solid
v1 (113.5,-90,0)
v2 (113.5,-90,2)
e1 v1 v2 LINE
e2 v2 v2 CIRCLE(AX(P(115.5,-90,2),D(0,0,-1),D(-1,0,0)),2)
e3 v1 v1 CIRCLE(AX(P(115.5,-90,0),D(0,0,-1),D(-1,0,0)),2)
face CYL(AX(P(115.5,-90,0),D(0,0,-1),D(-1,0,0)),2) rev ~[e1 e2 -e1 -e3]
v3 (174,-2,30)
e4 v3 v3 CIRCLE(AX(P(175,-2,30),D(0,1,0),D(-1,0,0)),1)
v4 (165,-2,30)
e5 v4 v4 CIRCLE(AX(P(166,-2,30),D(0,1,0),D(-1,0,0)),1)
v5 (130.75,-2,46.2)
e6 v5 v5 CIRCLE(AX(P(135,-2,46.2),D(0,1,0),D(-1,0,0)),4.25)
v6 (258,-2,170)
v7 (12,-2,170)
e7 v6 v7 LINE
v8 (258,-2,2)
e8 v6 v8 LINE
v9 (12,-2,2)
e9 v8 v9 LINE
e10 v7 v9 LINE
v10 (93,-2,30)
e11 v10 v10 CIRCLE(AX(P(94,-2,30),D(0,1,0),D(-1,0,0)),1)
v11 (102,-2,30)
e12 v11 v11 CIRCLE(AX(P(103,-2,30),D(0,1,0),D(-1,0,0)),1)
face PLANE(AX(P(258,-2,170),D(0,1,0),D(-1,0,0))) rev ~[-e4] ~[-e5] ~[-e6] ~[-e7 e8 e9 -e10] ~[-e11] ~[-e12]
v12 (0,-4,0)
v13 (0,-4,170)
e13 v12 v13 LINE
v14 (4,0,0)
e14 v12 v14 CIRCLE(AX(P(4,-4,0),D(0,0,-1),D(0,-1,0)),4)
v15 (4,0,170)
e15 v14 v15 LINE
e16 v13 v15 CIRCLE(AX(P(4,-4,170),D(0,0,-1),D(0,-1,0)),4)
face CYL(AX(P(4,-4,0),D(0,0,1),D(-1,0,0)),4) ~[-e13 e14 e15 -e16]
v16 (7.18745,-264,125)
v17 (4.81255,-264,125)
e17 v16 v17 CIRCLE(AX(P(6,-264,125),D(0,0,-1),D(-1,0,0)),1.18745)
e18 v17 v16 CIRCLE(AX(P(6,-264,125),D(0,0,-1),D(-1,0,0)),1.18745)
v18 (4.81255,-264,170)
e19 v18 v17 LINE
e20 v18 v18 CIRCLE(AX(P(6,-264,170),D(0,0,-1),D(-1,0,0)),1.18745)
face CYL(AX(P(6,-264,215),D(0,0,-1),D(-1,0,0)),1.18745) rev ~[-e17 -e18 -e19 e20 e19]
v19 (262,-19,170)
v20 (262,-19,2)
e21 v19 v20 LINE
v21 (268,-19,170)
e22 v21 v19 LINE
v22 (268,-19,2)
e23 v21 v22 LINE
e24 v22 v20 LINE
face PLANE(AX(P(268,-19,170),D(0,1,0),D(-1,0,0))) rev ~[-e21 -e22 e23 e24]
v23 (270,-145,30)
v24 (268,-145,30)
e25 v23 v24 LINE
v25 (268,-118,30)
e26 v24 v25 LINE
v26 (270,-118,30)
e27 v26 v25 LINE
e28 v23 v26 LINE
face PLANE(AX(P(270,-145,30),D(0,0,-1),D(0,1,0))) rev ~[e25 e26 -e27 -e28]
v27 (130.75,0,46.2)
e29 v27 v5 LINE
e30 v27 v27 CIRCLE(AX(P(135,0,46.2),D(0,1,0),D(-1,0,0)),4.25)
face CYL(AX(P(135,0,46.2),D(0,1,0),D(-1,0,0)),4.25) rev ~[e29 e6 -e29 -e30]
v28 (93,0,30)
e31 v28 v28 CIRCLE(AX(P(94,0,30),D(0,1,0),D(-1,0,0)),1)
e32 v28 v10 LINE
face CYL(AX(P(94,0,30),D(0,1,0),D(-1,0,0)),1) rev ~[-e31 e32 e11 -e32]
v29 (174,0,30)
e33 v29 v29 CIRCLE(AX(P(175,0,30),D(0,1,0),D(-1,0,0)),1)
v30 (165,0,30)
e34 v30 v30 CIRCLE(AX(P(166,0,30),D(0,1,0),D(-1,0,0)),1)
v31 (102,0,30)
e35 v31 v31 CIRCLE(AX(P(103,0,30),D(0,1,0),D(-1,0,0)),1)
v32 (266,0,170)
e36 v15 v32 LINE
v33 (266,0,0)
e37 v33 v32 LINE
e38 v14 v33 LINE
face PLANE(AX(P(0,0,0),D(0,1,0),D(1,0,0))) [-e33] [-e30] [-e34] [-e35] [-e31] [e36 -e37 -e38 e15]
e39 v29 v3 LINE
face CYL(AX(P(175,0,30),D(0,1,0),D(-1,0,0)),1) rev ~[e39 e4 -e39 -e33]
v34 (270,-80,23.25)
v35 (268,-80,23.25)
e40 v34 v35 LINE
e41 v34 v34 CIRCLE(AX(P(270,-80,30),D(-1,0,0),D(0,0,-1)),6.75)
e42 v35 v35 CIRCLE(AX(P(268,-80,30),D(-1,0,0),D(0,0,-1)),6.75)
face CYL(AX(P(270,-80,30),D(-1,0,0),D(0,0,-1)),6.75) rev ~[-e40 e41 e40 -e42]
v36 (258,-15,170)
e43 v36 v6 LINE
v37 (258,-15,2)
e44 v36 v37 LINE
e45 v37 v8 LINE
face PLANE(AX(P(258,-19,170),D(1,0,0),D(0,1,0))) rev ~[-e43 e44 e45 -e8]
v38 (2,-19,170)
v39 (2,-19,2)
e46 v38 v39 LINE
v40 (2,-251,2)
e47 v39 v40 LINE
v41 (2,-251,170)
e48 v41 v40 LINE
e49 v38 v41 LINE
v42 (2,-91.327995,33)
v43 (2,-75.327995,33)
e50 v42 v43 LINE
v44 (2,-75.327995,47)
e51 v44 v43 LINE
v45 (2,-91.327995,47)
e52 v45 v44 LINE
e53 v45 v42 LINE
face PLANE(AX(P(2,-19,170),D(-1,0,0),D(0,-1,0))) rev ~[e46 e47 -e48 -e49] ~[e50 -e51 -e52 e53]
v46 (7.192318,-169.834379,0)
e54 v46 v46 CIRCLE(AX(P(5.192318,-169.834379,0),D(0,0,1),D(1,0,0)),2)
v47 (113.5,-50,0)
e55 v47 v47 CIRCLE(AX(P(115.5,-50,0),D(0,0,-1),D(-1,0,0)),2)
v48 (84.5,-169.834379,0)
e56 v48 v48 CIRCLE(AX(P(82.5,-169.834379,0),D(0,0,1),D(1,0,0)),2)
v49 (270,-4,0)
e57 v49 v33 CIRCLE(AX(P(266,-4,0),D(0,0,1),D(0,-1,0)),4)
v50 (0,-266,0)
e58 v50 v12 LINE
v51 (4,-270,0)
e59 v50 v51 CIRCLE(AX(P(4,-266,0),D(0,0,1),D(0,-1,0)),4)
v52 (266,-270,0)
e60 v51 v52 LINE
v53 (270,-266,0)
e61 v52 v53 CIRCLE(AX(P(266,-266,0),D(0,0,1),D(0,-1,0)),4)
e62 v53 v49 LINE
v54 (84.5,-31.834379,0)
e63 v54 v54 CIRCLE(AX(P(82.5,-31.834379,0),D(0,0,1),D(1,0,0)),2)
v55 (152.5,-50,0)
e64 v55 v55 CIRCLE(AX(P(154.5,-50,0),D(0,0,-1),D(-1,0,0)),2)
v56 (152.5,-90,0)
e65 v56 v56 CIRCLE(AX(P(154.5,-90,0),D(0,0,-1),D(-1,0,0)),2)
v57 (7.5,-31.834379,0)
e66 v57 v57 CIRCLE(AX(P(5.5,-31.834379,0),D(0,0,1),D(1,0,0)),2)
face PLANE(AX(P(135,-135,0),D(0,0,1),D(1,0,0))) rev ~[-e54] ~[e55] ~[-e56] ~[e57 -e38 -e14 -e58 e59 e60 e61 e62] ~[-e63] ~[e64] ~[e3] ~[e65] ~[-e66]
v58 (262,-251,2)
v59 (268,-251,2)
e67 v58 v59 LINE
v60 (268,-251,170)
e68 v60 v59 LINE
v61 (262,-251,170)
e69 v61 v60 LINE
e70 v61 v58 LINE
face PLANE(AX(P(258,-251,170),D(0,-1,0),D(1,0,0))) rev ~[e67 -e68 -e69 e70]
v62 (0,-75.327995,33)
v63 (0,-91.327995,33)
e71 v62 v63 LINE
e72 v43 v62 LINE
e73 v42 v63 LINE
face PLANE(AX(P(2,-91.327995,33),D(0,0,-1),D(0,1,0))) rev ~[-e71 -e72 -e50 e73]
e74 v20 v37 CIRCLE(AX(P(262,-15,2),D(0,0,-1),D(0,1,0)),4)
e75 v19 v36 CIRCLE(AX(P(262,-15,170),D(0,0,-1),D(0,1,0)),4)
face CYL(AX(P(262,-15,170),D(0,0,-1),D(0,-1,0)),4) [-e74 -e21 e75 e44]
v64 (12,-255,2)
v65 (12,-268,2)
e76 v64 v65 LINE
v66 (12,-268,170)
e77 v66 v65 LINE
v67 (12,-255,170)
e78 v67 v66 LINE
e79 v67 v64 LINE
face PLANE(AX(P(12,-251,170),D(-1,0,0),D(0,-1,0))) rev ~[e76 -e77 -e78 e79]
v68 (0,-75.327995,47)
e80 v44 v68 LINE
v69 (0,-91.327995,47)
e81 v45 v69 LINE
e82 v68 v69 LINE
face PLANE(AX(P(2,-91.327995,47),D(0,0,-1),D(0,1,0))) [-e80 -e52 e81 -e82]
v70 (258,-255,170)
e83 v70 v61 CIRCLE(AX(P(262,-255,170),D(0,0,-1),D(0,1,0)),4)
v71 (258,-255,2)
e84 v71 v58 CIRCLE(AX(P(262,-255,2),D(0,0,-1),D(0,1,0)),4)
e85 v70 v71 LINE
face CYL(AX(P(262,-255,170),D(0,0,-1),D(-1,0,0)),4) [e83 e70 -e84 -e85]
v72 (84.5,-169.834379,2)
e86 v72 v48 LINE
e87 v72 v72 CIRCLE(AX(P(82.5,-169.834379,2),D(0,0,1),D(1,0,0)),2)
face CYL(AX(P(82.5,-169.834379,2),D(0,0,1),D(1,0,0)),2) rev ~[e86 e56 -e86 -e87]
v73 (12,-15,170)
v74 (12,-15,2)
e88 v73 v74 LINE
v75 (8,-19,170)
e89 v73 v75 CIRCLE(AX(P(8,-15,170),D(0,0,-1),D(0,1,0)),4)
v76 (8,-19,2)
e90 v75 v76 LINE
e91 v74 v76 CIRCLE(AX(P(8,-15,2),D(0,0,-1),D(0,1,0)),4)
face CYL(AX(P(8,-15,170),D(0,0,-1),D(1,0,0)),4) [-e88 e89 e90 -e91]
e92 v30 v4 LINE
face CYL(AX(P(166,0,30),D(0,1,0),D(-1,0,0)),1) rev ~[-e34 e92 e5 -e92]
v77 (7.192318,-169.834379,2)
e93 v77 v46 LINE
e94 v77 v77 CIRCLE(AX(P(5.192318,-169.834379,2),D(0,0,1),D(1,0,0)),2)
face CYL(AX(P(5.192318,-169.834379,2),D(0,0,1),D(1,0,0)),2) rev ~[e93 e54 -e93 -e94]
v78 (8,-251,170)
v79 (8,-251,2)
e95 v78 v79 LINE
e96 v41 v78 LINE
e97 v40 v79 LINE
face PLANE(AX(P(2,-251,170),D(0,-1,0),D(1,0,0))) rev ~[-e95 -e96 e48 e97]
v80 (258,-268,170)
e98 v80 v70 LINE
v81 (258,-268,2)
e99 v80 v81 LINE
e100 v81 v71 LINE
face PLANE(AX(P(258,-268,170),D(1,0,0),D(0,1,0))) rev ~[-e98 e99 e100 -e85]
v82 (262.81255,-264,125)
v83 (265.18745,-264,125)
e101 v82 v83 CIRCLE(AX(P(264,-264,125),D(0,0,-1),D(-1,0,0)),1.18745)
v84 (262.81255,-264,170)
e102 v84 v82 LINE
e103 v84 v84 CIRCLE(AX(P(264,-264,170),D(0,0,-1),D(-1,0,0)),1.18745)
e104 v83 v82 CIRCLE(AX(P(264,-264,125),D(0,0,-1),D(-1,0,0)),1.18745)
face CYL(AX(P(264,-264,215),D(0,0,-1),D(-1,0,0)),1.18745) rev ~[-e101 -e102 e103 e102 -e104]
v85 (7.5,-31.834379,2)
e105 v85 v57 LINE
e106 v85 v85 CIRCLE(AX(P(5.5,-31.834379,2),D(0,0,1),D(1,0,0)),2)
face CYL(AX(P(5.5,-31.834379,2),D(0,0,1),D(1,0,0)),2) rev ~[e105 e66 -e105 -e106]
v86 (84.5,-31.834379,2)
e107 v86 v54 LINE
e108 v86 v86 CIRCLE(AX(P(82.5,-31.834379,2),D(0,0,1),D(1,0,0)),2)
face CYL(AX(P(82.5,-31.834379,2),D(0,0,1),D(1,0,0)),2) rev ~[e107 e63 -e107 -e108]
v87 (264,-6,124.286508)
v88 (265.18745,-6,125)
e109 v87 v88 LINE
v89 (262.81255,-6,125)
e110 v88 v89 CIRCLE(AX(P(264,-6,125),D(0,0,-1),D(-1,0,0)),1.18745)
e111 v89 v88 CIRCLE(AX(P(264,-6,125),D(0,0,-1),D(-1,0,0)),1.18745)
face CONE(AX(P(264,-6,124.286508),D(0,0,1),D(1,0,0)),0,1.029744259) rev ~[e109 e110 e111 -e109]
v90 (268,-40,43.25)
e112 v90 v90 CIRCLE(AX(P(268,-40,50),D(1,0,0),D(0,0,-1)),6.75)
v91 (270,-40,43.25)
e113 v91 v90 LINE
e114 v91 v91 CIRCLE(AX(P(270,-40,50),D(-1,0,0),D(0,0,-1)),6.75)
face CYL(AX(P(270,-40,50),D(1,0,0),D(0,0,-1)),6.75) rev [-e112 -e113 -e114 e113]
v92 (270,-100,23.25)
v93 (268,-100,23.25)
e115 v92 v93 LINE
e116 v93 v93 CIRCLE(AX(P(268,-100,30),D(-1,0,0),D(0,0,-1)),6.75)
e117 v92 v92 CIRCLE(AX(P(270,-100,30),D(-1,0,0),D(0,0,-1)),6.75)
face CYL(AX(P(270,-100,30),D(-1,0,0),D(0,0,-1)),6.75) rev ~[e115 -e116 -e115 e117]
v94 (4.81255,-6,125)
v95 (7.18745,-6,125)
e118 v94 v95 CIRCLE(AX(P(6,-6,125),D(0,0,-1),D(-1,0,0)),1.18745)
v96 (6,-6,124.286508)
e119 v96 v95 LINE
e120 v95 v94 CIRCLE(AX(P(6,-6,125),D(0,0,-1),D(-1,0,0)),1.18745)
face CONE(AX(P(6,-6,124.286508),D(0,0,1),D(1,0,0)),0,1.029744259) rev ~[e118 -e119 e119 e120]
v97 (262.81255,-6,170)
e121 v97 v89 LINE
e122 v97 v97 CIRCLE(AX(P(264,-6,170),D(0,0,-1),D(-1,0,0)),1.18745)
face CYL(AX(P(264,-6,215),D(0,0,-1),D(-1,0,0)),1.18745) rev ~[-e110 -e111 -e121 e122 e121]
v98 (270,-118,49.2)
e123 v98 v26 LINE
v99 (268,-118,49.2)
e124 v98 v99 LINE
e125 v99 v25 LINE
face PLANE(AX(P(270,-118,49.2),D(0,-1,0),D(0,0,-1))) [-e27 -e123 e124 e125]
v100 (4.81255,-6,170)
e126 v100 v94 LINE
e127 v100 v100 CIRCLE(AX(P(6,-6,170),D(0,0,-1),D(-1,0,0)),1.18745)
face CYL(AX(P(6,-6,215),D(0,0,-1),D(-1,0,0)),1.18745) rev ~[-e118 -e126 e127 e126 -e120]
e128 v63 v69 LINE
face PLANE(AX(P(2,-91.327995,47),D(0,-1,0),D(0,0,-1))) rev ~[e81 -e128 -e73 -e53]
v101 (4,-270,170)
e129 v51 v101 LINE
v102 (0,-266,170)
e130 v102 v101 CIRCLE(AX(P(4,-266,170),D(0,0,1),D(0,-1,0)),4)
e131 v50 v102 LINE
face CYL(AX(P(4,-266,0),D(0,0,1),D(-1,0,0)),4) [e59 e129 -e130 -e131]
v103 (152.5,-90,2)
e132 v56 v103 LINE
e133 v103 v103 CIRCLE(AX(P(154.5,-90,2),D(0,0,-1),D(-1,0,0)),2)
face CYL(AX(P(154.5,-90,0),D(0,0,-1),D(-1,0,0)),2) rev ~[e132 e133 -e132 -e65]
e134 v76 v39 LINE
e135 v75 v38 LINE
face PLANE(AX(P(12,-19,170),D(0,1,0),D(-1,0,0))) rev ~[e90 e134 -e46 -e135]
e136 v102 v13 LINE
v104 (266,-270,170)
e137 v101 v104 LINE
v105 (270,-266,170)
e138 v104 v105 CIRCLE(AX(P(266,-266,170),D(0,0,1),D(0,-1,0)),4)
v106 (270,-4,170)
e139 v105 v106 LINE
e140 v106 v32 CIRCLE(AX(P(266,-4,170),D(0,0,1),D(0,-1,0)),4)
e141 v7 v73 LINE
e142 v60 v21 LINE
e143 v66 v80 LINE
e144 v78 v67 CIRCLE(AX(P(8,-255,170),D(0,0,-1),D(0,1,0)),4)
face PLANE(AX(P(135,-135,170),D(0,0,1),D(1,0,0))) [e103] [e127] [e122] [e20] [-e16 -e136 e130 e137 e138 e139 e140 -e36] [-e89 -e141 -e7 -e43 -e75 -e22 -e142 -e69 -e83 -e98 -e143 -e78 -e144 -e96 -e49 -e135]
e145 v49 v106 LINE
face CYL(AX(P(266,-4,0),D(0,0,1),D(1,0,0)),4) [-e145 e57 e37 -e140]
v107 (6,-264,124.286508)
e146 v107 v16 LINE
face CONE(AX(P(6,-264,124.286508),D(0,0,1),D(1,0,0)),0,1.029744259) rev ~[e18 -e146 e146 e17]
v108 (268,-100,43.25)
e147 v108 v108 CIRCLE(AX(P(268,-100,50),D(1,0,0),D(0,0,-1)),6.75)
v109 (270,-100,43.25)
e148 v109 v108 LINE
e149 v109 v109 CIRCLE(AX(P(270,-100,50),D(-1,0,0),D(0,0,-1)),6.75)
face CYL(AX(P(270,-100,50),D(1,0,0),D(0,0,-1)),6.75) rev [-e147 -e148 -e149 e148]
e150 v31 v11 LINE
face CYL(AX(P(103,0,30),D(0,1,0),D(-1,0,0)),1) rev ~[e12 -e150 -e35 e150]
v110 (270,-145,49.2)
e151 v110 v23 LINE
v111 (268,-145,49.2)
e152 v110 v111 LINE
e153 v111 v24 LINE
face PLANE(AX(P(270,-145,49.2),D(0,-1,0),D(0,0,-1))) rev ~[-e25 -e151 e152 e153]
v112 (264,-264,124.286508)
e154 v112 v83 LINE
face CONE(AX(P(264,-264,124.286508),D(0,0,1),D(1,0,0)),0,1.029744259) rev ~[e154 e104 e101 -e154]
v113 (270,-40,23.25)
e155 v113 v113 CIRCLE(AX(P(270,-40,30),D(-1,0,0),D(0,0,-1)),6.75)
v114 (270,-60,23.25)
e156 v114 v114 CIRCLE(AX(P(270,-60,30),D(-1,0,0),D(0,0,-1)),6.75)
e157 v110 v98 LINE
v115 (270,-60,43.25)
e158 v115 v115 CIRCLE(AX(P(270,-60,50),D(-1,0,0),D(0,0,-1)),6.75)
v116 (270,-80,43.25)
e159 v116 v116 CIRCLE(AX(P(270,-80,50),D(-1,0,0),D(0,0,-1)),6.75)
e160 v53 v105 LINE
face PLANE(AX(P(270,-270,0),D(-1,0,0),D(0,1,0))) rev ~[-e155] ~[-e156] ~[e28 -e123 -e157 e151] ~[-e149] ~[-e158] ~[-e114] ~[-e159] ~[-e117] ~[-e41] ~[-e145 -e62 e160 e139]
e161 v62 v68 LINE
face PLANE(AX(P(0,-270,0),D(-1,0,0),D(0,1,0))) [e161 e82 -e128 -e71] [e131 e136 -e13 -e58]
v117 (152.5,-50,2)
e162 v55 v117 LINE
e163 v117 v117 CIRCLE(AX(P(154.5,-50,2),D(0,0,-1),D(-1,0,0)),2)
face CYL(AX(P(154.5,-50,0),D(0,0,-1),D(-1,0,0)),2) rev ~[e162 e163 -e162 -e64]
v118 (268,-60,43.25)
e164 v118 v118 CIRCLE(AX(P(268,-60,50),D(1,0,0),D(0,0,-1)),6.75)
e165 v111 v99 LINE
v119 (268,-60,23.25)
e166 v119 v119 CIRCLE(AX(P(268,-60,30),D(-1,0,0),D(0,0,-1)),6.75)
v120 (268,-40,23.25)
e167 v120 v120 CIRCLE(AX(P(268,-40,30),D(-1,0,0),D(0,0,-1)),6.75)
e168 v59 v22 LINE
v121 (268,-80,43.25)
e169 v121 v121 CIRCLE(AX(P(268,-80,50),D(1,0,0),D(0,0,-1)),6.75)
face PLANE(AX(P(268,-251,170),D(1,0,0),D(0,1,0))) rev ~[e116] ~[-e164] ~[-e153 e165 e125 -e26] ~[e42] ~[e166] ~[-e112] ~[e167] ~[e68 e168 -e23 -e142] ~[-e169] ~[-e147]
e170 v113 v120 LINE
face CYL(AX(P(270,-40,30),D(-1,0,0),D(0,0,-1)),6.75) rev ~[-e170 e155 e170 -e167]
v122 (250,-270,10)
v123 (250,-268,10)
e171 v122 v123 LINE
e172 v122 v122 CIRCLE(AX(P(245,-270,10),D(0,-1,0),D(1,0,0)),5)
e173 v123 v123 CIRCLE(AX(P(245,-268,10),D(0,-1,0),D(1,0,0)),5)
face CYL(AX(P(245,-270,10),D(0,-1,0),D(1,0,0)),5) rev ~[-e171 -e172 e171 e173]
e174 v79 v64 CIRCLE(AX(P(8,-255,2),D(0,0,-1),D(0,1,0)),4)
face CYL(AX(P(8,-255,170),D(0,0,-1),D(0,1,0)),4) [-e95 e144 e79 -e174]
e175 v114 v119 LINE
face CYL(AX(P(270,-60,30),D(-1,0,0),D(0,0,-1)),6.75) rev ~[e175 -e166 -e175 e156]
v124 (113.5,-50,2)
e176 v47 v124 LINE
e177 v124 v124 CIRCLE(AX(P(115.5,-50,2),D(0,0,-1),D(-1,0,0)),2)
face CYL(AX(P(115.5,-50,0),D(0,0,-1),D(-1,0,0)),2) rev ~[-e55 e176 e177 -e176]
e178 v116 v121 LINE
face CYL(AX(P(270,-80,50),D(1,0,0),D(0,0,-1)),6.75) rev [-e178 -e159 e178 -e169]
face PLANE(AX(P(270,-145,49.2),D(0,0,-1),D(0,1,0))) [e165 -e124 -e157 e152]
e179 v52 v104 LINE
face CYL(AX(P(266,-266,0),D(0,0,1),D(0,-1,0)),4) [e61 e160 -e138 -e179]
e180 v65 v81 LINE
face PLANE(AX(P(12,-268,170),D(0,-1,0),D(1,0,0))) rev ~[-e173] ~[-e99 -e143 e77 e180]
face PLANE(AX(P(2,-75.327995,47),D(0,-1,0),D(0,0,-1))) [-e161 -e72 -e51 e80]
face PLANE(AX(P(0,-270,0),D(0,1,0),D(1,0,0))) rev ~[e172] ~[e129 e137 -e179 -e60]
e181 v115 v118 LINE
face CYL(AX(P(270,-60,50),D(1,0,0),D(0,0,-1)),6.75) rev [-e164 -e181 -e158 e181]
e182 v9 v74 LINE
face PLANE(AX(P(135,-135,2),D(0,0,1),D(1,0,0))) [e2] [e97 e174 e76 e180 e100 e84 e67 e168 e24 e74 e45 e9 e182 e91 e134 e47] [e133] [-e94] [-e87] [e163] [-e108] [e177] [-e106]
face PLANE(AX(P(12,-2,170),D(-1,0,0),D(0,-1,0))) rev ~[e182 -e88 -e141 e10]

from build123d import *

# Parameters (mm, degrees)
ESQUISSE1_W                = 270
ESQUISSE1_H                = 270
EXTRUSION1_DEPTH           = 170
CONG_2_R                   = 4
EXTRUSION2_DEPTH           = 168
CONG_3_R                   = 4
TROU_TARAUD_4_481_D        = 2.3749
TROU_TARAUD_4_481_DEPTH    = 45
TROU_TARAUD_4_481_TIP      = 0.713491942
ESQUISSE5_W                = 14
ESQUISSE5_H                = 16
ENL_V_MAT_EXTRU_1_DEPTH    = 3
ESQUISSE6_R                = 6.75
ENL_V_MAT_EXTRU_6_DEPTH    = 10
R_P_TITION_LIN_AIRE3_COUNT = 4
R_P_TITION_LIN_AIRE3_PITCH = 20
ESQUISSE7_R                = 4.25
ENL_V_MAT_EXTRU_7_DEPTH    = 3
ESQUISSE8_R                = 2
ENL_V_MAT_EXTRU_8_DEPTH    = 171
ESQUISSE9_R                = 1
ENL_V_MAT_EXTRU_9_DEPTH    = 10
ESQUISSE10_W               = 19.2
ESQUISSE10_H               = 27
ENL_V_MAT_EXTRU_10_DEPTH   = 10
ESQUISSE11_R               = 5
ENL_V_MAT_EXTRU_11_DEPTH   = 10
ESQUISSE12_R               = 2
ENL_V_MAT_EXTRU_12_DEPTH   = 10


with BuildPart() as part:
    # Esquisse1 → Extrusion1 (new body)
    with BuildSketch(Plane.XY):
        with Locations((135, -135)):
            Rectangle(ESQUISSE1_W, ESQUISSE1_H)
    extrude(amount=EXTRUSION1_DEPTH)

    # Congé2
    cong_2_edges = [part.edges().sort_by_distance(p)[0] for p in [
        (0, 0, 85),
        (270, 0, 85),
        (270, -270, 85),
        (0, -270, 85),
    ]]
    fillet(cong_2_edges, radius=CONG_2_R)

    # Esquisse2 → Extrusion2 (cut)
    with BuildSketch(Plane.XY.offset(170)):
        Polygon((12, -2), (12, -19), (2, -19), (2, -251), (12, -251), (12, -268), (258, -268), (258, -251), (268, -251), (268, -19), (258, -19), (258, -2), align=None)
    extrude(amount=-EXTRUSION2_DEPTH, mode=Mode.SUBTRACT)

    # Congé3
    cong_3_edges = [part.edges().sort_by_distance(p)[0] for p in [
        (258, -19, 86),
        (258, -251, 86),
        (12, -251, 86),
        (12, -19, 86),
    ]]
    fillet(cong_3_edges, radius=CONG_3_R)

    # Trou taraudé #4-481
    with Locations(Plane(origin=(6, -6, 170), x_dir=(1, 0, 0), z_dir=(0, 0, 1))):
        with Locations((0, 0), (258, 0), (258, -258), (0, -258)):
            Hole(TROU_TARAUD_4_481_D / 2, depth=TROU_TARAUD_4_481_DEPTH)
            with Locations((0, 0, -(TROU_TARAUD_4_481_DEPTH + TROU_TARAUD_4_481_TIP / 2))):  # 118° drill point
                Cone(0, TROU_TARAUD_4_481_D / 2, TROU_TARAUD_4_481_TIP, mode=Mode.SUBTRACT)

    # Esquisse5 → Enlèv. mat.-Extru.1 (cut, through all)
    with BuildSketch(Plane(origin=(2, 0, 0), x_dir=(0, 0, -1), z_dir=(1, 0, 0))):
        with Locations((-40, -83.327995254)):
            Rectangle(ESQUISSE5_W, ESQUISSE5_H)
    extrude(amount=-ENL_V_MAT_EXTRU_1_DEPTH, mode=Mode.SUBTRACT)

    # Esquisse6 → Enlèv. mat.-Extru.6 (cut, symmetric)
    with BuildSketch(Plane(origin=(270, -440, 0), x_dir=(0, 0, -1), z_dir=(-1, 0, 0))):
        with Locations((-50, -400)):
            Circle(ESQUISSE6_R)
        with Locations((-30, -400)):
            Circle(ESQUISSE6_R)
    enl_v_mat_extru_6 = extrude(amount=ENL_V_MAT_EXTRU_6_DEPTH, both=True, mode=Mode.SUBTRACT)

    # Répétition linéaire3: Enlèv. mat.-Extru.6 ×4
    with Locations(*[(0, -i * R_P_TITION_LIN_AIRE3_PITCH, 0) for i in range(1, R_P_TITION_LIN_AIRE3_COUNT)]):
        add(enl_v_mat_extru_6, mode=Mode.SUBTRACT)

    # Esquisse7 → Enlèv. mat.-Extru.7 (cut)
    with BuildSketch(Plane(origin=(0, 0, 0), x_dir=(-1, 0, 0), z_dir=(0, 1, 0))):
        with Locations((-135, 46.2)):
            Circle(ESQUISSE7_R)
    extrude(amount=-ENL_V_MAT_EXTRU_7_DEPTH, mode=Mode.SUBTRACT)

    # Esquisse8 → Enlèv. mat.-Extru.8 (cut, through all)
    with BuildSketch(Plane(origin=(0, 0, 0), x_dir=(-1, 0, 0), z_dir=(0, 0, -1))):
        with Locations((-154.5, -50)):
            Circle(ESQUISSE8_R)
        with Locations((-115.5, -50)):
            Circle(ESQUISSE8_R)
        with Locations((-115.5, -90)):
            Circle(ESQUISSE8_R)
        with Locations((-154.5, -90)):
            Circle(ESQUISSE8_R)
    extrude(amount=-ENL_V_MAT_EXTRU_8_DEPTH, mode=Mode.SUBTRACT)

    # Esquisse9 → Enlèv. mat.-Extru.9 (cut)
    with BuildSketch(Plane(origin=(0, 0, 0), x_dir=(-1, 0, 0), z_dir=(0, 1, 0))):
        with Locations((-175, 30)):
            Circle(ESQUISSE9_R)
        with Locations((-166, 30)):
            Circle(ESQUISSE9_R)
        with Locations((-103, 30)):
            Circle(ESQUISSE9_R)
        with Locations((-94, 30)):
            Circle(ESQUISSE9_R)
    extrude(amount=-ENL_V_MAT_EXTRU_9_DEPTH, mode=Mode.SUBTRACT)

    # Esquisse10 → Enlèv. mat.-Extru.10 (cut)
    with BuildSketch(Plane(origin=(270, 0, 0), x_dir=(0, 0, -1), z_dir=(1, 0, 0))):
        with Locations((-39.6, -131.5)):
            Rectangle(ESQUISSE10_W, ESQUISSE10_H)
    extrude(amount=-ENL_V_MAT_EXTRU_10_DEPTH, mode=Mode.SUBTRACT)

    # Esquisse11 → Enlèv. mat.-Extru.11 (cut)
    with BuildSketch(Plane.XZ.offset(270)):
        with Locations((245, 10)):
            Circle(ESQUISSE11_R)
    extrude(amount=-ENL_V_MAT_EXTRU_11_DEPTH, mode=Mode.SUBTRACT)

    # Esquisse12 → Enlèv. mat.-Extru.12 (cut)
    with BuildSketch(Plane.XY.offset(2)):
        with Locations((82.5, -31.834379135)):
            Circle(ESQUISSE12_R)
        with Locations((5.5, -31.834379135)):
            Circle(ESQUISSE12_R)
        with Locations((5.192317745, -169.834379135)):
            Circle(ESQUISSE12_R)
        with Locations((82.5, -169.834379135)):
            Circle(ESQUISSE12_R)
    extrude(amount=-ENL_V_MAT_EXTRU_12_DEPTH, mode=Mode.SUBTRACT)


solid = part.part
